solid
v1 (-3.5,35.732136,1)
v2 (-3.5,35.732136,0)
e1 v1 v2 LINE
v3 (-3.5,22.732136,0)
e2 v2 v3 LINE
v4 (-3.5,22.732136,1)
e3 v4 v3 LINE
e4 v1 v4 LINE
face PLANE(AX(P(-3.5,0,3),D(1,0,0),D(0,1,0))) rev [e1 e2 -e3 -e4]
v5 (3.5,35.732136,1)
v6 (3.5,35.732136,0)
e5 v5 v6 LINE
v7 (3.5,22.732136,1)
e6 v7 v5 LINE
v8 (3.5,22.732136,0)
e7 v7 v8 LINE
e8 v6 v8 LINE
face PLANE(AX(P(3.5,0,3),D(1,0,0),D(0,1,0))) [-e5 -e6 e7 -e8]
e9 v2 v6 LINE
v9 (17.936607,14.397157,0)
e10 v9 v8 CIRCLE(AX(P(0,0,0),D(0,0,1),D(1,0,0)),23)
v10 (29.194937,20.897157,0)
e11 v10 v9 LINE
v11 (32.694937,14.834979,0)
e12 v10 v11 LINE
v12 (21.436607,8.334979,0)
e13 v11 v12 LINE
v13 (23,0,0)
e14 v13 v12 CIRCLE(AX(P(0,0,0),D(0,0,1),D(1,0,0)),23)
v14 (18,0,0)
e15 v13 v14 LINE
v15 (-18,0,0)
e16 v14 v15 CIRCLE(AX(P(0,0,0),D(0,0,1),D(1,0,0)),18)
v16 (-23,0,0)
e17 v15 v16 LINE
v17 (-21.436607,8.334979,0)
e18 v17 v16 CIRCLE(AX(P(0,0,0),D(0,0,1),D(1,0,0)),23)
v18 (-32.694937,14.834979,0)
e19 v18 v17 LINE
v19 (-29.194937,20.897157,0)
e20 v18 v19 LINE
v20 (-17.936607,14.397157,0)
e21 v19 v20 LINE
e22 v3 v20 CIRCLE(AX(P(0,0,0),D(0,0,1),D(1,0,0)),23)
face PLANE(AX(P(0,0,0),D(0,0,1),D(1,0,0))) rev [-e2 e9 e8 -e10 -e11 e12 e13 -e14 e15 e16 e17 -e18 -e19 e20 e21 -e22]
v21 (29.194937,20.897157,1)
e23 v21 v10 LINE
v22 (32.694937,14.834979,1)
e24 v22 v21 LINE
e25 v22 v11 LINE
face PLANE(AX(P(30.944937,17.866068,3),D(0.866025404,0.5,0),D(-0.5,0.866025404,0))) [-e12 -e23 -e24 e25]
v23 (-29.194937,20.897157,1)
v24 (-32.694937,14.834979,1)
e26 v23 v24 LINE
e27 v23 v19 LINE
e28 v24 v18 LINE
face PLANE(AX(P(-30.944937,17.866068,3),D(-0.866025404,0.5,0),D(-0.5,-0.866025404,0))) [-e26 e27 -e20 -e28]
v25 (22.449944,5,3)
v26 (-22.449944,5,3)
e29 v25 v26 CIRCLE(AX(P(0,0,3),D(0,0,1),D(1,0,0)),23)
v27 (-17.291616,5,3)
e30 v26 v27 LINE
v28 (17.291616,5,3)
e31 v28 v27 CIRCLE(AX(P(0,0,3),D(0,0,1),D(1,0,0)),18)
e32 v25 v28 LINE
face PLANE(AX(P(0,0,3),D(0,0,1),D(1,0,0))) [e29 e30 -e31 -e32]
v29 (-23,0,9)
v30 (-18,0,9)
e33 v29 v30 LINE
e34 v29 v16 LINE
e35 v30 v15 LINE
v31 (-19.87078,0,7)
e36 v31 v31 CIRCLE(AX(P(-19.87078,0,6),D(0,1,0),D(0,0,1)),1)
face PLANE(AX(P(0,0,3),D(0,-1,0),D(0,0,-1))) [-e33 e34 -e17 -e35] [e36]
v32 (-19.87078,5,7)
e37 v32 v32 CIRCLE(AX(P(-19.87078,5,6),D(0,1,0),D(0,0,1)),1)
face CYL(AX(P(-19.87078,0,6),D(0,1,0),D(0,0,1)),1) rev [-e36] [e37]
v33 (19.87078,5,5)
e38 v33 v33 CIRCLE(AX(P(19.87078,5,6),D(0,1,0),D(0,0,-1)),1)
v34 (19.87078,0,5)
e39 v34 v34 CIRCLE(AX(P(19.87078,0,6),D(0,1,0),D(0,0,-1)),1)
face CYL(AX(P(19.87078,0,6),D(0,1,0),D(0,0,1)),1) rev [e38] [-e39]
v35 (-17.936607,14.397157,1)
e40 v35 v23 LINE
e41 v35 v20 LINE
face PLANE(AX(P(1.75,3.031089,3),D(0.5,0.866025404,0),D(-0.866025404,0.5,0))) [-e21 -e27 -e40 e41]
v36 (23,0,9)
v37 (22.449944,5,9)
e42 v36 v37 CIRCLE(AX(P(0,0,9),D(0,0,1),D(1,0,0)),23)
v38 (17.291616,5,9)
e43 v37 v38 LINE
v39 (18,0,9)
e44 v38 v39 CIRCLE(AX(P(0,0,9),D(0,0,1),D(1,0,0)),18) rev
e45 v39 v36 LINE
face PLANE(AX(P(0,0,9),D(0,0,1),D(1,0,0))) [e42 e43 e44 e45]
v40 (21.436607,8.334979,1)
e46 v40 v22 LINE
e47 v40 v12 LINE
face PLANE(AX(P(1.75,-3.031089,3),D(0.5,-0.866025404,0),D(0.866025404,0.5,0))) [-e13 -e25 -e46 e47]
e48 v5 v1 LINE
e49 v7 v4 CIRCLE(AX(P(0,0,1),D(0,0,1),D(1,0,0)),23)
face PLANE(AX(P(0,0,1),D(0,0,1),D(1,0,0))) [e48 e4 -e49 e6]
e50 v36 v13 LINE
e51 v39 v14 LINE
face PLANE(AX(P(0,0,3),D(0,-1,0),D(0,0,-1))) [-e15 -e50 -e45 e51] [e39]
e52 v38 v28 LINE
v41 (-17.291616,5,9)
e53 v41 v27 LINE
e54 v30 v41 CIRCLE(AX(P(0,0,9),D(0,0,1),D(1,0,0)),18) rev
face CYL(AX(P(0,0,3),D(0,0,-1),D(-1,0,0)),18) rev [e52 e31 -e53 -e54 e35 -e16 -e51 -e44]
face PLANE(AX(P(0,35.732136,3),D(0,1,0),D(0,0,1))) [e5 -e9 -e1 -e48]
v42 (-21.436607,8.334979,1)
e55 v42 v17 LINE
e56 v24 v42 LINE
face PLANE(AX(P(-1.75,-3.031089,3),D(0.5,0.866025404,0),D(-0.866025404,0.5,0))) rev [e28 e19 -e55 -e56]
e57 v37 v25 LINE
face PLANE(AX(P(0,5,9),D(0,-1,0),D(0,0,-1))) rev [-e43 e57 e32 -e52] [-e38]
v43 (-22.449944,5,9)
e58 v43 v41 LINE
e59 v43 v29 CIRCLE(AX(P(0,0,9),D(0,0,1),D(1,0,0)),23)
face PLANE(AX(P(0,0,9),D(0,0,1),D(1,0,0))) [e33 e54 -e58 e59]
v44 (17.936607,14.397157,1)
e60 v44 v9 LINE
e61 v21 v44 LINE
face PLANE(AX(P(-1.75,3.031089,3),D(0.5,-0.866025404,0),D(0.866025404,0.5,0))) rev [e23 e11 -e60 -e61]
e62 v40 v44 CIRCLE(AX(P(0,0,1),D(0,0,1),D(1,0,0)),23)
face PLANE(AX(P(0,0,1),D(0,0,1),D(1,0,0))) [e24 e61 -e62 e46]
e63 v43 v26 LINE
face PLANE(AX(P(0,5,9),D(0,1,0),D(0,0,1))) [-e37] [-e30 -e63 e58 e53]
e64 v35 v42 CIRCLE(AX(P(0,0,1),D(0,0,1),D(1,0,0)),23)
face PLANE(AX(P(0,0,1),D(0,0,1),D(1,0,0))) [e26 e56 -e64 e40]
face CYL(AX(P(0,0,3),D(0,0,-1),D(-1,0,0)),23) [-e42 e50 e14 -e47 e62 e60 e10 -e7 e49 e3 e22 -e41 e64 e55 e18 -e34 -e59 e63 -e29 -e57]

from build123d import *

# Parameters (mm, degrees)
BOSS_EXTRUDE1_DEPTH = 3
BOSS_EXTRUDE2_DEPTH = 6
SKETCH4_R           = 1
CUT_EXTRUDE1_DEPTH  = 5
CUT_EXTRUDE2_DEPTH  = 2


with BuildPart() as part:
    # Sketch1 → Boss-Extrude1 (new body)
    with BuildSketch(Plane.XY):
        with BuildLine():
            Line((32.694937372, 14.834979008), (29.194937372, 20.897156835))
            Line((29.194937372, 20.897156835), (17.936607123, 14.397156835))
            ThreePointArc((17.936607123, 14.397156835), (11.5, 19.918584287), (3.5, 22.732135843))
            Line((3.5, 22.732135843), (3.5, 35.732135843))
            Line((3.5, 35.732135843), (-3.5, 35.732135843))
            Line((-3.5, 35.732135843), (-3.5, 22.732135843))
            ThreePointArc((-3.5, 22.732135843), (-11.5, 19.918584287), (-17.936607123, 14.397156835))
            Line((-17.936607123, 14.397156835), (-29.194937372, 20.897156835))
            Line((-29.194937372, 20.897156835), (-32.694937372, 14.834979008))
            Line((-32.694937372, 14.834979008), (-21.436607123, 8.334979008))
            ThreePointArc((-21.436607123, 8.334979008), (-22.605773199, 4.240167224), (-23, 0))
            Line((-23, 0), (-18, 0))
            ThreePointArc((-18, 0), (0, 18), (18, 0))
            Line((18, 0), (23, 0))
            ThreePointArc((23, 0), (22.605773199, 4.240167224), (21.436607123, 8.334979008))
            Line((21.436607123, 8.334979008), (32.694937372, 14.834979008))
        make_face()
    extrude(amount=BOSS_EXTRUDE1_DEPTH)

    # Sketch2 → Boss-Extrude2 (add)
    with BuildSketch(Plane.XY.offset(3)):
        with BuildLine():
            Line((-17.291616466, 5), (-22.449944321, 5))
            ThreePointArc((-22.449944321, 5), (-22.862072515, 2.515082566), (-23, 0))
            Line((-23, 0), (-18, 0))
            ThreePointArc((-18, 0), (-17.822024245, 2.524965704), (-17.291616466, 5))
        make_face()
        with BuildLine():
            Line((22.449944321, 5), (17.291616466, 5))
            ThreePointArc((17.291616466, 5), (17.822024245, 2.524965704), (18, 0))
            Line((18, 0), (23, 0))
            ThreePointArc((23, 0), (22.862072515, 2.515082566), (22.449944321, 5))
        make_face()
    extrude(amount=BOSS_EXTRUDE2_DEPTH)

    # Sketch4 → Cut-Extrude1 (cut)
    with BuildSketch(Plane(origin=(0, 5, 0), x_dir=(1, 0, 0), z_dir=(0, 1, 0))):
        with Locations((-19.870780393, -6)):
            Circle(SKETCH4_R)
        with Locations((19.870780393, -6)):
            Circle(SKETCH4_R)
    extrude(amount=-CUT_EXTRUDE1_DEPTH, mode=Mode.SUBTRACT)

    # Sketch5 → Cut-Extrude2 (cut)
    with BuildSketch(Plane.XY.offset(3)):
        with BuildLine():
            Line((-32.694937372, 14.834979008), (-21.436607123, 8.334979008))
            ThreePointArc((-21.436607123, 8.334979008), (-19.918584287, 11.5), (-17.936607123, 14.397156835))
            Line((-17.936607123, 14.397156835), (-29.194937372, 20.897156835))
            Line((-29.194937372, 20.897156835), (-32.694937372, 14.834979008))
        make_face()
        with BuildLine():
            ThreePointArc((-3.5, 22.732135843), (0, 23), (3.5, 22.732135843))
            Line((3.5, 22.732135843), (3.5, 35.732135843))
            Line((3.5, 35.732135843), (-3.5, 35.732135843))
            Line((-3.5, 35.732135843), (-3.5, 22.732135843))
        make_face()
        with BuildLine():
            ThreePointArc((17.936607123, 14.397156835), (19.918584287, 11.5), (21.436607123, 8.334979008))
            Line((21.436607123, 8.334979008), (32.694937372, 14.834979008))
            Line((32.694937372, 14.834979008), (29.194937372, 20.897156835))
            Line((29.194937372, 20.897156835), (17.936607123, 14.397156835))
        make_face()
    extrude(amount=-CUT_EXTRUDE2_DEPTH, mode=Mode.SUBTRACT)


solid = part.part
